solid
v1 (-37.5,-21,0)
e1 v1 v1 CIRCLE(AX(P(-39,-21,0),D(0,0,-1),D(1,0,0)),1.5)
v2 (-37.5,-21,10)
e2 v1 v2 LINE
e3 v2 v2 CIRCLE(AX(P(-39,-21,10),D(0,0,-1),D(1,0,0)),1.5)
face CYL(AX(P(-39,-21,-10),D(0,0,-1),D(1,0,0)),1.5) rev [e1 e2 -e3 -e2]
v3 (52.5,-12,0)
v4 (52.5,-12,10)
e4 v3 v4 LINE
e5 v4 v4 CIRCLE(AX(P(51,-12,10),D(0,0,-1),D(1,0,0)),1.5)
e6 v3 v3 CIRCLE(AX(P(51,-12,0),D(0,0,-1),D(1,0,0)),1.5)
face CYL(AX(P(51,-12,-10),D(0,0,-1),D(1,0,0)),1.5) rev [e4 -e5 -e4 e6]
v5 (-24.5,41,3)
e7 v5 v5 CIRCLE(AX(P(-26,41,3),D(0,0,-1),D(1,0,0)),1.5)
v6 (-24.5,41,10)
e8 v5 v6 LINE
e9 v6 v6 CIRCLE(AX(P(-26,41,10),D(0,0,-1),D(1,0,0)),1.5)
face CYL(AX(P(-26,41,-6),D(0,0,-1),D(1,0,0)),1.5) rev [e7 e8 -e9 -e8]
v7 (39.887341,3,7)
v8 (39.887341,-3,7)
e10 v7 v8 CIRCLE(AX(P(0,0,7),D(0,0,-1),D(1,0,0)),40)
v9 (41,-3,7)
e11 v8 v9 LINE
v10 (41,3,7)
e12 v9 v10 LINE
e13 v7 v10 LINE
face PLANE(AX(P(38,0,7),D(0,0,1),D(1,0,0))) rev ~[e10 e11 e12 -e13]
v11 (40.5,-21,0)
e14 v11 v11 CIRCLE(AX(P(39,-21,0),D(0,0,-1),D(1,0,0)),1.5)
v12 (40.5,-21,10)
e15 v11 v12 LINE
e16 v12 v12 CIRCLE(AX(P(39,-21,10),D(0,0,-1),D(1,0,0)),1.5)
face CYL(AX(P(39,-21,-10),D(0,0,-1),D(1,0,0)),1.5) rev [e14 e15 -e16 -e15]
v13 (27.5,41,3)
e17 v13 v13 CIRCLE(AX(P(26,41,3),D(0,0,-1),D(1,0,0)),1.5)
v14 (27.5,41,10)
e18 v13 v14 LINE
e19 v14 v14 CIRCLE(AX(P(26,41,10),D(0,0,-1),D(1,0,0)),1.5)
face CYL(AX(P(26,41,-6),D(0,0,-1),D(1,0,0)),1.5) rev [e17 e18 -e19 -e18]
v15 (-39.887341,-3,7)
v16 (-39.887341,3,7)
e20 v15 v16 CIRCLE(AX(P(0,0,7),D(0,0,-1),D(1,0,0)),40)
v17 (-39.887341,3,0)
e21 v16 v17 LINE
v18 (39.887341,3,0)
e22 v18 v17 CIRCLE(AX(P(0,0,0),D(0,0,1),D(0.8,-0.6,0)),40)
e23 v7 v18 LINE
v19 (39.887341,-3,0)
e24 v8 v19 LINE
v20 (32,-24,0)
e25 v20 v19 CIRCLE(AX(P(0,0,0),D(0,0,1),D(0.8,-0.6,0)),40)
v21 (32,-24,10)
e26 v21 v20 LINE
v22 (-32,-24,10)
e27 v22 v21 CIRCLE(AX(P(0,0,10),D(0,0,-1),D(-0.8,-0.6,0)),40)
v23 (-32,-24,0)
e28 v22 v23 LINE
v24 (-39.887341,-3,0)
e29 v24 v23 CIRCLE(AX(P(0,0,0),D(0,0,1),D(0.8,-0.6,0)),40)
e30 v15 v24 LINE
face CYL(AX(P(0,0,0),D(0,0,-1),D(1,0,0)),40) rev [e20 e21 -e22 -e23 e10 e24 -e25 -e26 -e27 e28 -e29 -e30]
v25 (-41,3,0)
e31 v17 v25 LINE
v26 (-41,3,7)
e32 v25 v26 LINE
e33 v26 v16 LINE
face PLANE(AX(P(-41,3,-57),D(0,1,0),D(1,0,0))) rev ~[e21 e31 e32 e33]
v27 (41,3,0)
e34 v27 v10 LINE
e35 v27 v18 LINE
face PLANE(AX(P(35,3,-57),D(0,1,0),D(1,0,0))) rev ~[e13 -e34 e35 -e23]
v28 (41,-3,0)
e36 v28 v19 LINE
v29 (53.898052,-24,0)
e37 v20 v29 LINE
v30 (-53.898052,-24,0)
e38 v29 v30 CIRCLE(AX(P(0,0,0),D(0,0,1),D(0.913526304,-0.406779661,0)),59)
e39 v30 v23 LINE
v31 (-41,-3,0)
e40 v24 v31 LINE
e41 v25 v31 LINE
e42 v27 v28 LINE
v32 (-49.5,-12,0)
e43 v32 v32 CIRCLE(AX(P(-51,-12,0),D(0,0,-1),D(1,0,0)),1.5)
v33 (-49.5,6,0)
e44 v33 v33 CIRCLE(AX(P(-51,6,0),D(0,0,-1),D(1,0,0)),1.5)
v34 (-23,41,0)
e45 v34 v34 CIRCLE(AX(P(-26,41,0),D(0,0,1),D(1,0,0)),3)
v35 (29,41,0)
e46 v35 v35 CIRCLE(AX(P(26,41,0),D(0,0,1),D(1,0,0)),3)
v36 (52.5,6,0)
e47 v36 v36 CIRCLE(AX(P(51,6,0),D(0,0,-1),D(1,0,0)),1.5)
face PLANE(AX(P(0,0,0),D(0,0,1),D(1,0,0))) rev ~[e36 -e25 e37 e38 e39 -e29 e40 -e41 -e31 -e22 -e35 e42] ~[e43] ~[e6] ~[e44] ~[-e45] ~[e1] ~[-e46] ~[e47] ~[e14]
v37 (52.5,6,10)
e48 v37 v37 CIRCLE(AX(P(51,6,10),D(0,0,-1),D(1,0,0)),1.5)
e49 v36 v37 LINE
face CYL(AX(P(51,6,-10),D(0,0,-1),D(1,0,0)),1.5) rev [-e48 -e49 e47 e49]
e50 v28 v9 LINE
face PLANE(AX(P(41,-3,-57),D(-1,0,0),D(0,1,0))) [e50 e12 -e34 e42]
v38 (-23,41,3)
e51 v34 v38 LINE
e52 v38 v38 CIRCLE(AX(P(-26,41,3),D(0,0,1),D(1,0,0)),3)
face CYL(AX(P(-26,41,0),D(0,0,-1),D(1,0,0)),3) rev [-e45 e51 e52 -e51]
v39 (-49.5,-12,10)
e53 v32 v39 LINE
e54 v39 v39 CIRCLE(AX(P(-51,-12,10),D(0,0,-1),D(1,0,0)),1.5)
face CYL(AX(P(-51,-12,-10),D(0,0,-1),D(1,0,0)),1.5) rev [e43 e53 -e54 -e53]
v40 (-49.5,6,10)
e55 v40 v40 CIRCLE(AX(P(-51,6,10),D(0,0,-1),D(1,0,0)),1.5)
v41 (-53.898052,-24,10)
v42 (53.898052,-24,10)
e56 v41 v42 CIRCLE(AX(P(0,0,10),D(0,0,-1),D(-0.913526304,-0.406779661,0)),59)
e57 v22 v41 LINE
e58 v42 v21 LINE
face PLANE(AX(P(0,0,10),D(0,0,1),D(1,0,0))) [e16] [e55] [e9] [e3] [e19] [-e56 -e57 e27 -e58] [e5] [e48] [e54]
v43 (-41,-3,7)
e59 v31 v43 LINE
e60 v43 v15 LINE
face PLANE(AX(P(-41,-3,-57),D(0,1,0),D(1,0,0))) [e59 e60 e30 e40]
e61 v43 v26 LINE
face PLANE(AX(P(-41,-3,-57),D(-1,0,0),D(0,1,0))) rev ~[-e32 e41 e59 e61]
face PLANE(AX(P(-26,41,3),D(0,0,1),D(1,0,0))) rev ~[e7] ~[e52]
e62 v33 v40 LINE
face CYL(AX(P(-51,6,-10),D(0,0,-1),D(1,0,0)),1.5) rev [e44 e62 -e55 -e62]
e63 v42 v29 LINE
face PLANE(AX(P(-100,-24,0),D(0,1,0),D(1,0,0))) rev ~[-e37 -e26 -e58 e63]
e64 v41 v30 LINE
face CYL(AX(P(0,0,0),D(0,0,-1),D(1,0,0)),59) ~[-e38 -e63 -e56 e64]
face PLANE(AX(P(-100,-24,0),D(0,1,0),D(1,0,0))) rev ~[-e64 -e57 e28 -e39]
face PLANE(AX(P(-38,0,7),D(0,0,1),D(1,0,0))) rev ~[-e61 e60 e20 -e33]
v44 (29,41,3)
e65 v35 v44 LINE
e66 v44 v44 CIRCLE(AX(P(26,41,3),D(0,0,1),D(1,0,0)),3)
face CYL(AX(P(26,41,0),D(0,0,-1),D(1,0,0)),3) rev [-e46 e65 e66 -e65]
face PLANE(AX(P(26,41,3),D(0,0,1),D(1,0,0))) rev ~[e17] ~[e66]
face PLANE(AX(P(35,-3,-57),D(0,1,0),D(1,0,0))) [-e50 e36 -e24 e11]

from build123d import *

# Parameters (mm, degrees)
BOX237_W           = 6
BOX237_H           = 6
BOX237_DEPTH       = 64
BOX236_W           = 6
BOX236_H           = 6
BOX236_DEPTH       = 64
CYLINDER1243_R     = 3
CYLINDER1243_DEPTH = 3
CYLINDER1242_R     = 3
CYLINDER1242_DEPTH = 3
CYLINDER1257_R     = 1.5
CYLINDER1257_DEPTH = 32
CYLINDER1256_R     = 1.5
CYLINDER1256_DEPTH = 32
CYLINDER1255_R     = 1.5
CYLINDER1255_DEPTH = 100
CYLINDER1254_R     = 1.5
CYLINDER1254_DEPTH = 100
CYLINDER1248_R     = 1.5
CYLINDER1248_DEPTH = 50
CYLINDER1250_R     = 1.5
CYLINDER1250_DEPTH = 50
CYLINDER1251_R     = 1.5
CYLINDER1251_DEPTH = 50
CYLINDER1249_R     = 1.5
CYLINDER1249_DEPTH = 50
CYLINDER1246_R     = 1.5
CYLINDER1246_DEPTH = 100
CYLINDER1247_R     = 1.5
CYLINDER1247_DEPTH = 100
CYLINDER1252_R     = 1.5
CYLINDER1252_DEPTH = 100
CYLINDER1253_R     = 1.5
CYLINDER1253_DEPTH = 100
BOX139_W           = 200
BOX139_H           = 100
BOX139_DEPTH       = 32
TUBE001_R          = 59
TUBE001_R_2        = 40
TUBE001_DEPTH      = 10


with BuildPart() as krychle237:
    # Box237 → Box237 (new body)
    with BuildSketch(Plane(origin=(87, -3, -93), x_dir=(1, 0, 0), z_dir=(0, 0, 1))):
        with Locations((3, 3)):
            Rectangle(BOX237_W, BOX237_H)
    extrude(amount=BOX237_DEPTH)


with BuildPart() as compound627:
    # Box236 → Box236 (new body)
    with BuildSketch(Plane(origin=(11, -3, -93), x_dir=(1, 0, 0), z_dir=(0, 0, 1))):
        with Locations((3, 3)):
            Rectangle(BOX236_W, BOX236_H)
    extrude(amount=BOX236_DEPTH)

    # Compound627: union Krychle237
    add(krychle237.part)


with BuildPart() as compound627_1:
    # Compound627 placement: moved
    add(compound627.part.moved(Location((-52, 0, 36))))


with BuildPart() as v_lec1243:
    # Cylinder1243 → Cylinder1243 (new body)
    with BuildSketch(Plane(origin=(78, 41, -42), x_dir=(1, 0, 0), z_dir=(0, 0, 1))):
        Circle(CYLINDER1243_R)
    extrude(amount=CYLINDER1243_DEPTH)


with BuildPart() as compound633:
    # Cylinder1242 → Cylinder1242 (new body)
    with BuildSketch(Plane(origin=(26, 41, -42), x_dir=(1, 0, 0), z_dir=(0, 0, 1))):
        Circle(CYLINDER1242_R)
    extrude(amount=CYLINDER1242_DEPTH)

    # Compound633: union Válec1243
    add(v_lec1243.part)


with BuildPart() as compound633_1:
    # Compound633 placement: moved
    add(compound633.part.moved(Location((-52, 0, 42))))


with BuildPart() as v_lec1257:
    # Cylinder1257 → Cylinder1257 (new body)
    with BuildSketch(Plane(origin=(78, 41, -42), x_dir=(1, 0, 0), z_dir=(0, 0, 1))):
        Circle(CYLINDER1257_R)
    extrude(amount=CYLINDER1257_DEPTH)


with BuildPart() as compound641:
    # Cylinder1256 → Cylinder1256 (new body)
    with BuildSketch(Plane(origin=(26, 41, -42), x_dir=(1, 0, 0), z_dir=(0, 0, 1))):
        Circle(CYLINDER1256_R)
    extrude(amount=CYLINDER1256_DEPTH)

    # Compound641: union Válec1257
    add(v_lec1257.part)


with BuildPart() as compound641_1:
    # Compound641 placement: moved
    add(compound641.part.moved(Location((-52, 0, 36))))


with BuildPart() as v_lec1255:
    # Cylinder1255 → Cylinder1255 (new body)
    with BuildSketch(Plane(origin=(14, 0, -60), x_dir=(1, 0, 0), z_dir=(0, 0, 1))):
        Circle(CYLINDER1255_R)
    extrude(amount=CYLINDER1255_DEPTH)


with BuildPart() as compound639:
    # Cylinder1254 → Cylinder1254 (new body)
    with BuildSketch(Plane(origin=(90, 0, -60), x_dir=(1, 0, 0), z_dir=(0, 0, 1))):
        Circle(CYLINDER1254_R)
    extrude(amount=CYLINDER1254_DEPTH)

    # Compound640: union Válec1255
    add(v_lec1255.part)


with BuildPart() as compound639_1:
    # Compound640 placement: moved
    add(compound639.part.moved(Location((-52, 0, 0))))

    # Compound639: union Compound641
    add(compound641_1.part)


with BuildPart() as v_lec1248:
    # Cylinder1248 → Cylinder1248 (new body)
    with BuildSketch(Plane(origin=(-51, 6, 0), x_dir=(1, 0, 0), z_dir=(0, 0, 1))):
        Circle(CYLINDER1248_R)
    extrude(amount=CYLINDER1248_DEPTH)


with BuildPart() as v_lec1250:
    # Cylinder1250 → Cylinder1250 (new body)
    with BuildSketch(Plane(origin=(-24, 18, 0), x_dir=(1, 0, 0), z_dir=(0, 0, 1))):
        Circle(CYLINDER1250_R)
    extrude(amount=CYLINDER1250_DEPTH)


with BuildPart() as v_lec1251:
    # Cylinder1251 → Cylinder1251 (new body)
    with BuildSketch(Plane(origin=(24, 18, 0), x_dir=(1, 0, 0), z_dir=(0, 0, 1))):
        Circle(CYLINDER1251_R)
    extrude(amount=CYLINDER1251_DEPTH)


with BuildPart() as compound637:
    # Cylinder1249 → Cylinder1249 (new body)
    with BuildSketch(Plane(origin=(51, 6, 0), x_dir=(1, 0, 0), z_dir=(0, 0, 1))):
        Circle(CYLINDER1249_R)
    extrude(amount=CYLINDER1249_DEPTH)

    # Compound637: union Válec1248, Válec1250, Válec1251
    add(v_lec1248.part)
    add(v_lec1250.part)
    add(v_lec1251.part)


with BuildPart() as v_lec1246:
    # Cylinder1246 → Cylinder1246 (new body)
    with BuildSketch(Plane(origin=(51, -12, 0), x_dir=(1, 0, 0), z_dir=(0, 0, 1))):
        Circle(CYLINDER1246_R)
    extrude(amount=CYLINDER1246_DEPTH)


with BuildPart() as compound636:
    # Cylinder1247 → Cylinder1247 (new body)
    with BuildSketch(Plane(origin=(-51, -12, 0), x_dir=(1, 0, 0), z_dir=(0, 0, 1))):
        Circle(CYLINDER1247_R)
    extrude(amount=CYLINDER1247_DEPTH)

    # Compound636: union Válec1246
    add(v_lec1246.part)


with BuildPart() as v_lec1252:
    # Cylinder1252 → Cylinder1252 (new body)
    with BuildSketch(Plane(origin=(39, -21, 0), x_dir=(1, 0, 0), z_dir=(0, 0, 1))):
        Circle(CYLINDER1252_R)
    extrude(amount=CYLINDER1252_DEPTH)


with BuildPart() as compound635:
    # Cylinder1253 → Cylinder1253 (new body)
    with BuildSketch(Plane(origin=(-39, -21, 0), x_dir=(1, 0, 0), z_dir=(0, 0, 1))):
        Circle(CYLINDER1253_R)
    extrude(amount=CYLINDER1253_DEPTH)

    # Compound638: union Válec1252
    add(v_lec1252.part)

    # Compound635: union Compound637, Compound636
    add(compound637.part)
    add(compound636.part)


with BuildPart() as compound635_1:
    # Compound635 placement: moved
    add(compound635.part.moved(Location((0, 0, -10))))


with BuildPart() as krychle139:
    # Box139 → Box139 (new body)
    with BuildSketch(Plane(origin=(-100, -124, 0), x_dir=(1, 0, 0), z_dir=(0, 0, 1))):
        with Locations((100, 50)):
            Rectangle(BOX139_W, BOX139_H)
    extrude(amount=BOX139_DEPTH)


with BuildPart() as cut198:
    # Tube001 → Tube001 (new body)
    with BuildSketch(Plane.XY):
        Circle(TUBE001_R)
        Circle(TUBE001_R_2, mode=Mode.SUBTRACT)
    extrude(amount=TUBE001_DEPTH)

    # Cut191: cut Krychle139
    add(krychle139.part, mode=Mode.SUBTRACT)

    # Cut194: cut Compound635
    add(compound635_1.part, mode=Mode.SUBTRACT)

    # Cut195: cut Compound639
    add(compound639_1.part, mode=Mode.SUBTRACT)

    # Cut196: cut Compound633
    add(compound633_1.part, mode=Mode.SUBTRACT)

    # Cut198: cut Compound627
    add(compound627_1.part, mode=Mode.SUBTRACT)


solid = cut198.part
